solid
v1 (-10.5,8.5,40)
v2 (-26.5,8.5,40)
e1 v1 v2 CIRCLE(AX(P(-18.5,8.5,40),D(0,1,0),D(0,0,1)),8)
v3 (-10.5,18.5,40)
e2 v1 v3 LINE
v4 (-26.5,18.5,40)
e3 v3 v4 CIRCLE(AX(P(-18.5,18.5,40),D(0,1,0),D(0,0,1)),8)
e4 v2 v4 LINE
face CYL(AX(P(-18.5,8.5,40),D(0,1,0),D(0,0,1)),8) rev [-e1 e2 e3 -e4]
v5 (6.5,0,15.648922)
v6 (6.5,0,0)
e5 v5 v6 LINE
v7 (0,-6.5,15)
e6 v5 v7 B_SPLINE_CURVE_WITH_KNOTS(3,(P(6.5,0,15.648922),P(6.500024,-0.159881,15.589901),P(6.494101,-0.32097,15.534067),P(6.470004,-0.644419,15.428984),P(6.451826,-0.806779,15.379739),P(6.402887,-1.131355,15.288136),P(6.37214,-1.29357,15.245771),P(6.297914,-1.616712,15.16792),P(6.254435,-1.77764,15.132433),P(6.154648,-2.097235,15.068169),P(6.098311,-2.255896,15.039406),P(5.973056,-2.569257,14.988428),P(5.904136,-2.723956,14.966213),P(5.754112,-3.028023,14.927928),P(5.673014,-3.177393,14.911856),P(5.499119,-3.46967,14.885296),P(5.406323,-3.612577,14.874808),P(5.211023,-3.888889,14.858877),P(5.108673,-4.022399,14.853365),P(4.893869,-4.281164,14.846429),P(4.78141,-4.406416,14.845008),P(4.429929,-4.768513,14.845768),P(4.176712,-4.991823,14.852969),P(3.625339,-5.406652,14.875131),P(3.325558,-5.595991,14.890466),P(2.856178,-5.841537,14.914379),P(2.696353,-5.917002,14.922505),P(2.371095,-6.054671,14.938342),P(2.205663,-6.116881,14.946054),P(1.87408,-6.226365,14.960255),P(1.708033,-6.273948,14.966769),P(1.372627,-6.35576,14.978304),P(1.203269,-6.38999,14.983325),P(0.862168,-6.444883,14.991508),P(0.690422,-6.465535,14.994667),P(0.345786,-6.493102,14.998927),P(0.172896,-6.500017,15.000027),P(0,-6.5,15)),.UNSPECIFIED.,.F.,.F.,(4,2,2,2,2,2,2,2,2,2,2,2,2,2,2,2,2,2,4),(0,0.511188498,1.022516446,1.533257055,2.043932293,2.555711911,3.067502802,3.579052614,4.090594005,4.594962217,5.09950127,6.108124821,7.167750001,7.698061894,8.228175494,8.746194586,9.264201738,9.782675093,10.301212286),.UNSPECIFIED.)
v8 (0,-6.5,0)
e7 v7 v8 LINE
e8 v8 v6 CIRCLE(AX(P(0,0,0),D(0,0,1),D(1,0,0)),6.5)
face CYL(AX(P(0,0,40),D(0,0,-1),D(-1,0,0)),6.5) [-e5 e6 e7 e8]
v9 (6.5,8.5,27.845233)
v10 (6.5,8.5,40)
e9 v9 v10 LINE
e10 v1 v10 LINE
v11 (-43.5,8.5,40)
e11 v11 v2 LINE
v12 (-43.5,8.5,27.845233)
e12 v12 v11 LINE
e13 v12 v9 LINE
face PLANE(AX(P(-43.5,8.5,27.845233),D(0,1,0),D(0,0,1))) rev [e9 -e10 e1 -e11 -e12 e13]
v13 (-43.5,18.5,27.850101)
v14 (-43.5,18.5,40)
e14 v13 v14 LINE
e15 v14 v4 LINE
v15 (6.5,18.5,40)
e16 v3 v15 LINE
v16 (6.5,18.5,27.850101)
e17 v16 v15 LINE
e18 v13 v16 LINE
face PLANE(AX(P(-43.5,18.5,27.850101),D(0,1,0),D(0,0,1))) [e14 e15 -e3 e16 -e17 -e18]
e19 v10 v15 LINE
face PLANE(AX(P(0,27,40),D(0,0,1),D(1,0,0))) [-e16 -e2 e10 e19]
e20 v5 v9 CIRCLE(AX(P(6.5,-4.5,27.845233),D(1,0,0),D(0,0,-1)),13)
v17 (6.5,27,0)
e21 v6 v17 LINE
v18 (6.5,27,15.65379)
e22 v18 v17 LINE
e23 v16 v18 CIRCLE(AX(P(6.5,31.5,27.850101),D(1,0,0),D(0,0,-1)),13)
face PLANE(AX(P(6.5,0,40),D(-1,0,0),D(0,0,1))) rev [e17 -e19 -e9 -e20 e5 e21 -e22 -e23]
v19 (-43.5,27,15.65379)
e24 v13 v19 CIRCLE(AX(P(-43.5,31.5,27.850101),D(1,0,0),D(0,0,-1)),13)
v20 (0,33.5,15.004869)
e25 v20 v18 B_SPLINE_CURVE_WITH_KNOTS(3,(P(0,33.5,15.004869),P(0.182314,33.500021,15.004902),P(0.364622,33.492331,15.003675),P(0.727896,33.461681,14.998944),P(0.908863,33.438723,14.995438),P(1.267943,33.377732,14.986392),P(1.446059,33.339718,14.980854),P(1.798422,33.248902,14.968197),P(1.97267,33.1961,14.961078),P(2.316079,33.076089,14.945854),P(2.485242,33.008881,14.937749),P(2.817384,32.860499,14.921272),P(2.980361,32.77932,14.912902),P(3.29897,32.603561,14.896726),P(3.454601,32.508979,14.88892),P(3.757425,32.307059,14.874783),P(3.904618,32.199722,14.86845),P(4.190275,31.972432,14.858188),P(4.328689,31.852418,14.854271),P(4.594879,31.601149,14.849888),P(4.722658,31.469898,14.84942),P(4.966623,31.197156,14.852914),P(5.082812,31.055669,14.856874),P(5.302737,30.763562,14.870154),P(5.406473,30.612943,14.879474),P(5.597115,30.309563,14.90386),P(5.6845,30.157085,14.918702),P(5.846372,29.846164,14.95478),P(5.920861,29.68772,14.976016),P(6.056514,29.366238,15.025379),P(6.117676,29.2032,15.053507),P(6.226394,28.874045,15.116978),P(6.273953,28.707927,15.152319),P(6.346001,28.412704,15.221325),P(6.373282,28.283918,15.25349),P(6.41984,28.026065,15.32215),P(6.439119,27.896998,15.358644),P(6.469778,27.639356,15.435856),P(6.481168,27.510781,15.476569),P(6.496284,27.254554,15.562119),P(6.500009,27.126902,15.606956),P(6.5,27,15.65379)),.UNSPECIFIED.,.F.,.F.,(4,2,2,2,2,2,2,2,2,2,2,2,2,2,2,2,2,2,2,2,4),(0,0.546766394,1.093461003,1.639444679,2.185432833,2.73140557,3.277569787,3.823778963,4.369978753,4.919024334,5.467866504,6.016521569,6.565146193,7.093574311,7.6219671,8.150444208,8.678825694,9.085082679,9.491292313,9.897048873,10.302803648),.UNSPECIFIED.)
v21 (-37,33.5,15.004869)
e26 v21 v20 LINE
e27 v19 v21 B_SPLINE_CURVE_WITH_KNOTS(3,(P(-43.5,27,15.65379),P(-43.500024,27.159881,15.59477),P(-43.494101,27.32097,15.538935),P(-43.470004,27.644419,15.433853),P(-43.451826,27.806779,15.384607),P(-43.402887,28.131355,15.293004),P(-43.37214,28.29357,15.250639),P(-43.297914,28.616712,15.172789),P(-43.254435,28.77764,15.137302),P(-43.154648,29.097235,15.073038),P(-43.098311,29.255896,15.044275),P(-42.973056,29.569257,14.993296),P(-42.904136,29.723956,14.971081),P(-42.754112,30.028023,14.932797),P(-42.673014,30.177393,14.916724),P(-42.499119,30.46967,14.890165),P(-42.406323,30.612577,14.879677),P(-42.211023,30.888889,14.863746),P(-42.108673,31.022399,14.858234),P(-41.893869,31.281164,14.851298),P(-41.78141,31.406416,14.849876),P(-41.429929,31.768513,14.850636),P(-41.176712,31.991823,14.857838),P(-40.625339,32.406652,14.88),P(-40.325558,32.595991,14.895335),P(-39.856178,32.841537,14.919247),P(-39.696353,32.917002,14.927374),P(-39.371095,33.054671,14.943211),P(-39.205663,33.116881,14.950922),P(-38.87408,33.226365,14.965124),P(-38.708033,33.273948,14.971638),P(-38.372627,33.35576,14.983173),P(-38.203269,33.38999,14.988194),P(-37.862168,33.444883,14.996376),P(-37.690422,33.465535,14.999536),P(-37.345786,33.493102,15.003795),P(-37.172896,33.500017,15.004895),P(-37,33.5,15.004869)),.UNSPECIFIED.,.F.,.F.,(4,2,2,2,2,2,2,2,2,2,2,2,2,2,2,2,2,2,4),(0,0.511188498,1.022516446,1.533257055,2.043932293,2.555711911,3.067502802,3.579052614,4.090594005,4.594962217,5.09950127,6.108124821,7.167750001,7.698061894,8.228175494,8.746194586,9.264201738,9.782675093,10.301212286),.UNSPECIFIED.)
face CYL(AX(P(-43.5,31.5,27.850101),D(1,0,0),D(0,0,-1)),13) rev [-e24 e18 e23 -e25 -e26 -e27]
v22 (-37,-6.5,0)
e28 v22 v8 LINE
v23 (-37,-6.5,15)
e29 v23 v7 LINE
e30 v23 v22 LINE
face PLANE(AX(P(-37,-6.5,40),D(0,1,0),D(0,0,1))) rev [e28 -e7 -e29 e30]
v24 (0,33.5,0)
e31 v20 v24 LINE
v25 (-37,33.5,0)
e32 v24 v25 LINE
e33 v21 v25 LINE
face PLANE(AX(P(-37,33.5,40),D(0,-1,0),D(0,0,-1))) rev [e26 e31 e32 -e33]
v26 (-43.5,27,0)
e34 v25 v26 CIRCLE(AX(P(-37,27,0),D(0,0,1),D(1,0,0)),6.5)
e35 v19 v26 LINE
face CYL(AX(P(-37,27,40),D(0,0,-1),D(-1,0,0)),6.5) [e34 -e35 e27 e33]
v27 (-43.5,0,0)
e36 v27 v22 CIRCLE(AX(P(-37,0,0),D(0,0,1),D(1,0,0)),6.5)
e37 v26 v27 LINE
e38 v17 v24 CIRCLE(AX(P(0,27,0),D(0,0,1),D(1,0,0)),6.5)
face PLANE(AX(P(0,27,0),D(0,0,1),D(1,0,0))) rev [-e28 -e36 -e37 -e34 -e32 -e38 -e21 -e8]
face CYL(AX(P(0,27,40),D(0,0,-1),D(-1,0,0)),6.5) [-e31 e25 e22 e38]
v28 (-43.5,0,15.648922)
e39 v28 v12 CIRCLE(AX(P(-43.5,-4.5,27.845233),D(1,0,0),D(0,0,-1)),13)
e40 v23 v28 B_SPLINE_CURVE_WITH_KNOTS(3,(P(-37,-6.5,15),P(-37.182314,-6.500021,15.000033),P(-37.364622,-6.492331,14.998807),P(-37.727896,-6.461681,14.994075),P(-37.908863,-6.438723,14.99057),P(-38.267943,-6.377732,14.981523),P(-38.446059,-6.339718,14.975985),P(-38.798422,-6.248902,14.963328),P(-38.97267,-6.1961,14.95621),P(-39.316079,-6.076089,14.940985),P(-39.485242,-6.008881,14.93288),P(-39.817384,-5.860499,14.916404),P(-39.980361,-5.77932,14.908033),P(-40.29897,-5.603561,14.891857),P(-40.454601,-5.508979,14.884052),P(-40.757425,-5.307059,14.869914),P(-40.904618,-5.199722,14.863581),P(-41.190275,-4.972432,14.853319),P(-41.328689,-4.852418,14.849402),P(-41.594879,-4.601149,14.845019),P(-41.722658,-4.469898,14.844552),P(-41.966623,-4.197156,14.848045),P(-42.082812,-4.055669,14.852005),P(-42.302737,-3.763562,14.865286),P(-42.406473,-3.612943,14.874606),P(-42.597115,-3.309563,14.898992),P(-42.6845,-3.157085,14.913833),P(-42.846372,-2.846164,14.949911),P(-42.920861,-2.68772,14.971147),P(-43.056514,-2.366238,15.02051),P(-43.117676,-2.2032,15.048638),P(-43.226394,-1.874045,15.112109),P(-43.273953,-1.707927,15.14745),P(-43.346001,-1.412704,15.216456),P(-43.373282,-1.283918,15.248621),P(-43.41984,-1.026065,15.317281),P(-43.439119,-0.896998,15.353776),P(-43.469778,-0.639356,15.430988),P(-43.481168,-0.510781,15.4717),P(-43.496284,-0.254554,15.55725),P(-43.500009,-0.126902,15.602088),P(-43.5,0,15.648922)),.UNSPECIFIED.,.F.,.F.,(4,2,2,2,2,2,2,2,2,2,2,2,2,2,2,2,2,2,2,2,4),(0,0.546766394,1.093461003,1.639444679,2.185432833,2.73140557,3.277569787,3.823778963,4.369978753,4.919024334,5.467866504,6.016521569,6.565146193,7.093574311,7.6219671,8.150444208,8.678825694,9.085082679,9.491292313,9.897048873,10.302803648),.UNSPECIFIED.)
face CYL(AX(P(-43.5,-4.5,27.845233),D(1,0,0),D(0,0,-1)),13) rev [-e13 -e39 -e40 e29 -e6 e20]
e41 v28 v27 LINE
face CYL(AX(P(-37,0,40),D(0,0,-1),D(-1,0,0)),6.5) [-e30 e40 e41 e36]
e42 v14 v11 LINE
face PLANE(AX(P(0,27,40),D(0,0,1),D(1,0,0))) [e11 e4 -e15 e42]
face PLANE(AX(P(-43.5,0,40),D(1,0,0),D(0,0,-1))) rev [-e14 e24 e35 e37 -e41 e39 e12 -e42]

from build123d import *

# Parameters (mm, degrees)
BOSS_EXTRUDE3_DEPTH = 40
CUT_EXTRUDE1_DEPTH  = 73.265136823
CUT_EXTRUDE2_DEPTH  = 10


with BuildPart() as part:
    # Sketch1 → Boss-Extrude3 (new body)
    with BuildSketch(Plane.XY):
        with BuildLine():
            Line((-37, -6.5), (0, -6.5))
            ThreePointArc((0, -6.5), (4.596194078, -4.596194078), (6.5, 0))
            Line((6.5, 0), (6.5, 27))
            ThreePointArc((6.5, 27), (4.596194078, 31.596194078), (0, 33.5))
            Line((0, 33.5), (-37, 33.5))
            ThreePointArc((-37, 33.5), (-41.596194078, 31.596194078), (-43.5, 27))
            Line((-43.5, 27), (-43.5, 0))
            ThreePointArc((-43.5, 0), (-41.596194078, -4.596194078), (-37, -6.5))
        make_face()
    extrude(amount=BOSS_EXTRUDE3_DEPTH)

    # Sketch3 → Cut-Extrude1 (cut, through all)
    with BuildSketch(Plane(origin=(6.5, 0, 0), x_dir=(0, 0, -1), z_dir=(1, 0, 0))):
        with BuildLine():
            Line((-27.850101272, 18.5), (-40, 18.5))
            Line((-40, 18.5), (-40, 33.5))
            Line((-40, 33.5), (-15.004868693, 33.5))
            ThreePointArc((-15.004868693, 33.5), (-17.975892442, 23.044232737), (-27.850101272, 18.5))
        make_face()
        with BuildLine():
            Line((-40, 8.5), (-40, -6.5))
            Line((-40, -6.5), (-15, -6.5))
            ThreePointArc((-15, -6.5), (-17.97102375, 3.955767263), (-27.845232579, 8.5))
            Line((-27.845232579, 8.5), (-40, 8.5))
        make_face()
    extrude(amount=-CUT_EXTRUDE1_DEPTH, mode=Mode.SUBTRACT)

    # Sketch4 → Cut-Extrude2 (cut)
    with BuildSketch(Plane(origin=(0, 18.5, 0), x_dir=(1, 0, 0), z_dir=(0, 1, 0))):
        with BuildLine():
            Line((-10.5, -40), (-26.5, -40))
            ThreePointArc((-26.5, -40), (-18.5, -32), (-10.5, -40))
        make_face()
    extrude(amount=-CUT_EXTRUDE2_DEPTH, mode=Mode.SUBTRACT)


solid = part.part
